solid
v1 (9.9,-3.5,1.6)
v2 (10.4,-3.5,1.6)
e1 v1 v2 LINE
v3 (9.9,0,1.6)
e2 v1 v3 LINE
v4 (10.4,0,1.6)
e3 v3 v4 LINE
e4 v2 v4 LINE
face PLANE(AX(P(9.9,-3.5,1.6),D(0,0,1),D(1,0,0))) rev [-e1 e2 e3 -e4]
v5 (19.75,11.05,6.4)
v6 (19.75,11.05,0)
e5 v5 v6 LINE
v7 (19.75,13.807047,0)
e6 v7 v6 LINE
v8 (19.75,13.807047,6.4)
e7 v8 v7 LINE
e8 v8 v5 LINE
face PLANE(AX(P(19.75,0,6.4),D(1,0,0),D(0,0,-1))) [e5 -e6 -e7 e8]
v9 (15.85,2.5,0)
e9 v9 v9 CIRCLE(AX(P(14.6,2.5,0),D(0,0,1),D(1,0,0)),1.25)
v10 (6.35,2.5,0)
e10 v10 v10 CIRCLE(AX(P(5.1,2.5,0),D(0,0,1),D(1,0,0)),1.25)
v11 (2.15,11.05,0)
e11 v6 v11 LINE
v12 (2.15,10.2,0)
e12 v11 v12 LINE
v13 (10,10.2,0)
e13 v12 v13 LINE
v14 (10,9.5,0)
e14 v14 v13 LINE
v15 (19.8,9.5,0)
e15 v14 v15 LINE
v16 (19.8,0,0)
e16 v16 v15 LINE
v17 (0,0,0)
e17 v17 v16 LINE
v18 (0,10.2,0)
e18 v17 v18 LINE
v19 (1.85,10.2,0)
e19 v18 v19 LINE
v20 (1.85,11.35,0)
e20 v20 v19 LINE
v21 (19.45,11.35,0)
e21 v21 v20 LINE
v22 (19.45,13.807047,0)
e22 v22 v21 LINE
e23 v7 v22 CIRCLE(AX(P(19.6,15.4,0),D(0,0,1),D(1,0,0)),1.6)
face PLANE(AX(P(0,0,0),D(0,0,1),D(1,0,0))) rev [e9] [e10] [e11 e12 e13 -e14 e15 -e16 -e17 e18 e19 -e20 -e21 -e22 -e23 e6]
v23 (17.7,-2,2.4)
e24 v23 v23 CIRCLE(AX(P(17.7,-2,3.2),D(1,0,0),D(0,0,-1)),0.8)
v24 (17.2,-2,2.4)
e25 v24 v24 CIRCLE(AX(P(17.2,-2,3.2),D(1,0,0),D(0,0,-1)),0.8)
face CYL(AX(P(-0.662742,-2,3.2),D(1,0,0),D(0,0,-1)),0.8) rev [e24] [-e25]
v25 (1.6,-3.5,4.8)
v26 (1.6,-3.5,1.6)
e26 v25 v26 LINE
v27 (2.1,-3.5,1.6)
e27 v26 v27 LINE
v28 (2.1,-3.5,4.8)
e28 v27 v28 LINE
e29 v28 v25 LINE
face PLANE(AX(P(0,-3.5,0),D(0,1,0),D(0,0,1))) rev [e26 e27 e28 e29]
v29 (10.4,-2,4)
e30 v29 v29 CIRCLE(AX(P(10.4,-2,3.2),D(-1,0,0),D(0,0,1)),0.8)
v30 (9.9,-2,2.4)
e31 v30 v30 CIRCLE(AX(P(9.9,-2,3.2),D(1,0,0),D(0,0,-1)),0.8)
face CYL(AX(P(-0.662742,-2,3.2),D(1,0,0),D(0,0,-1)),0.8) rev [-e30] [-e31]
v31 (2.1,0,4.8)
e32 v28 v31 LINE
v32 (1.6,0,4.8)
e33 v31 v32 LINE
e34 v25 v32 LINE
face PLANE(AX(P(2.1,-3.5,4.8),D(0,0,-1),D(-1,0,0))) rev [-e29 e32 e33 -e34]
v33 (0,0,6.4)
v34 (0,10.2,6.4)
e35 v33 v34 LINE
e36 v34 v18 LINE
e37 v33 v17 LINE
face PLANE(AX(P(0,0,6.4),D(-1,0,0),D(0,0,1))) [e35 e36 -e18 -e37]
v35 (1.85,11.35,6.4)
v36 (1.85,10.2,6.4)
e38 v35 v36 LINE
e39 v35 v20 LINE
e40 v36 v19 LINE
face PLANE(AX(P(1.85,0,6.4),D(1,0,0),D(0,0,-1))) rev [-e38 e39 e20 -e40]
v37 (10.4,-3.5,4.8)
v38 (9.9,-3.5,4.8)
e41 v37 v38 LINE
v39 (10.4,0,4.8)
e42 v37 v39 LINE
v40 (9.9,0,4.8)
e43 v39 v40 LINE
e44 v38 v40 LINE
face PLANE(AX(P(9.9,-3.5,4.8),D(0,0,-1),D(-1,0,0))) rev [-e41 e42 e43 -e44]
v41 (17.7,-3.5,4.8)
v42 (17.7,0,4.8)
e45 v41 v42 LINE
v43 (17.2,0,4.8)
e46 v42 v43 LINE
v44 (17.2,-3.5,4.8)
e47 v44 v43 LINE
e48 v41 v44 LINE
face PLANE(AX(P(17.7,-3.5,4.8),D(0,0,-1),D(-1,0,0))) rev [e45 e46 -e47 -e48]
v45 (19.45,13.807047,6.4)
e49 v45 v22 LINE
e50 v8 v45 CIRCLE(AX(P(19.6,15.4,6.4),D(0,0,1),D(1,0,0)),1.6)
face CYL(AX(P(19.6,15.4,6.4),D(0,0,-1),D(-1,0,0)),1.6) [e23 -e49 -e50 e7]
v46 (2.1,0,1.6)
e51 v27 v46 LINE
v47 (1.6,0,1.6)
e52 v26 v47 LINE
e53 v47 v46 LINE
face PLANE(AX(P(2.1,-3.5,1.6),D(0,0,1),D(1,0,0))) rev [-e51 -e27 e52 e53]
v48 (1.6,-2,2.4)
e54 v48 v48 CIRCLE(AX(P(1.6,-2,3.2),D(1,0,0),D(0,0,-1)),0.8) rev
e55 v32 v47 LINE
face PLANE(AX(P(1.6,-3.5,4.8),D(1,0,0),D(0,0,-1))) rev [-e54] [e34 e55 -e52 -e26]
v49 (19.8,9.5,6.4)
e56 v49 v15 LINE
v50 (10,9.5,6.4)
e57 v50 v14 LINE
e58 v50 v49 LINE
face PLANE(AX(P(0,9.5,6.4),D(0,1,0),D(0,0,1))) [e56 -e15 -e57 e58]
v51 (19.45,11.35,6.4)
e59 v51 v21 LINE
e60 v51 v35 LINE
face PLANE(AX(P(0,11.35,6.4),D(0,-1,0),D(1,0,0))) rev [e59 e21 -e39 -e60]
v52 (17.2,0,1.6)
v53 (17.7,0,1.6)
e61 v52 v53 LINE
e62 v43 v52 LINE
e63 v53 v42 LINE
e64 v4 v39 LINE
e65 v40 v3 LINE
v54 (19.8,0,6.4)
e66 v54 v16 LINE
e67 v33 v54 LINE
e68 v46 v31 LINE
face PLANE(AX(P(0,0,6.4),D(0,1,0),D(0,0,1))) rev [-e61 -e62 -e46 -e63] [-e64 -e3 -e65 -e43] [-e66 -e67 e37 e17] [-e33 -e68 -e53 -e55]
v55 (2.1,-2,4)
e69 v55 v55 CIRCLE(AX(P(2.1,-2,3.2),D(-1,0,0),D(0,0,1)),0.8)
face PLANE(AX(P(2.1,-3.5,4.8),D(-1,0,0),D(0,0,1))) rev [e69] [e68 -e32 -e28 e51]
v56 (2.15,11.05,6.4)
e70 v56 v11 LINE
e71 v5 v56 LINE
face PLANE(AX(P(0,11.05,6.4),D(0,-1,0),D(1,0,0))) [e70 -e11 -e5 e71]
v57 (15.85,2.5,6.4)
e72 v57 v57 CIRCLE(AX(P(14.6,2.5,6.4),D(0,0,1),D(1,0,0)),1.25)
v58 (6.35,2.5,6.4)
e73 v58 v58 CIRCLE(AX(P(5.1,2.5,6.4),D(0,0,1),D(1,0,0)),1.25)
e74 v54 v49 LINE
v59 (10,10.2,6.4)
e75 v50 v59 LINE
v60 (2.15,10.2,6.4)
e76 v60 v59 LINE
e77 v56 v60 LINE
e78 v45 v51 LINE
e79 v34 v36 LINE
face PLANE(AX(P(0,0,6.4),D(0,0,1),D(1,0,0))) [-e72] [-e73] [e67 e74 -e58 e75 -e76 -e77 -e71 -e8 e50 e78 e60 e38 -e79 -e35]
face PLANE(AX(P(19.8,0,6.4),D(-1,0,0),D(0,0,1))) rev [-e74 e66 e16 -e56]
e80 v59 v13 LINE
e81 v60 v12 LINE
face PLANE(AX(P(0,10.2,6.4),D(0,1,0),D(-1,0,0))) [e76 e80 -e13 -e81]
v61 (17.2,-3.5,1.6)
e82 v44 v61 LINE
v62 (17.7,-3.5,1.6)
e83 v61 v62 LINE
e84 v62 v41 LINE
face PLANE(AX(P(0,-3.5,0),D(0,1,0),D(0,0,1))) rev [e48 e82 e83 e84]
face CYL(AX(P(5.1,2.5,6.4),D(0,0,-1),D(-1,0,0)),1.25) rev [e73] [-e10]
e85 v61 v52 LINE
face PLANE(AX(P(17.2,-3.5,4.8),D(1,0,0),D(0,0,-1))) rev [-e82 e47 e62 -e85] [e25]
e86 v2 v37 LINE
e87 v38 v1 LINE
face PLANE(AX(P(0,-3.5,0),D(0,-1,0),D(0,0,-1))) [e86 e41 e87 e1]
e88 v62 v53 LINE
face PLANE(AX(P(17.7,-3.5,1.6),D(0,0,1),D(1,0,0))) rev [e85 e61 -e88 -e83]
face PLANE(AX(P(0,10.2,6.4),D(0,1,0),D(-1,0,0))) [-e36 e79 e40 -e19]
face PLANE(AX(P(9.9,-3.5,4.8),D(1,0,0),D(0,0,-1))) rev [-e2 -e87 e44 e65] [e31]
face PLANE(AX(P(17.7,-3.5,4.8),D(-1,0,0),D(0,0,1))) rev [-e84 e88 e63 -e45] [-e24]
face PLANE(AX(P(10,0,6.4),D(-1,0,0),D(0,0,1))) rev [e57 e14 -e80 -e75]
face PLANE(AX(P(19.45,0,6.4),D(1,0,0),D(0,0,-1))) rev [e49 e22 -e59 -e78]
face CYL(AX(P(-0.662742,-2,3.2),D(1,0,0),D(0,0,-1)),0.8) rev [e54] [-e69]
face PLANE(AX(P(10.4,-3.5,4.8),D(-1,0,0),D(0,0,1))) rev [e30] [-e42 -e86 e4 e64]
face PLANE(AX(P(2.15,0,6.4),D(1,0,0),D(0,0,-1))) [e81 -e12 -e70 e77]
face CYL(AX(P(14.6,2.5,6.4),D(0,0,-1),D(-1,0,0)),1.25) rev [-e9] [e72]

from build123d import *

# Parameters (mm, degrees)
SKETCH1_R           = 1.25
BOSS_EXTRUDE1_DEPTH = 6.4
SKETCH2_W           = 0.5
SKETCH2_H           = 3.2
BOSS_EXTRUDE2_DEPTH = 3.5
CUT_EXTRUDE1_REACH  = 27.362
SKETCH3_R           = 0.8


with BuildPart() as part:
    # Sketch1 → Boss-Extrude1 (new body)
    with BuildSketch(Plane.XY):
        with BuildLine():
            Line((0, 0), (19.8, 0))
            Line((19.8, 0), (19.8, 9.5))
            Line((19.8, 9.5), (10, 9.5))
            Line((10, 9.5), (10, 10.2))
            Line((10, 10.2), (2.15, 10.2))
            Line((2.15, 10.2), (2.15, 11.05))
            Line((2.15, 11.05), (19.75, 11.05))
            Line((19.75, 11.05), (19.75, 13.807046768))
            ThreePointArc((19.75, 13.807046768), (19.6, 17), (19.45, 13.807046768))
            Line((19.45, 13.807046768), (19.45, 11.35))
            Line((19.45, 11.35), (1.85, 11.35))
            Line((1.85, 11.35), (1.85, 10.2))
            Line((1.85, 10.2), (0, 10.2))
            Line((0, 10.2), (0, 4.415474079))
            Line((0, 4.415474079), (0, 0))
        make_face()
        with Locations((14.6, 2.5)):
            Circle(SKETCH1_R, mode=Mode.SUBTRACT)
        with Locations((5.1, 2.5)):
            Circle(SKETCH1_R, mode=Mode.SUBTRACT)
    extrude(amount=BOSS_EXTRUDE1_DEPTH)

    # Sketch2 → Boss-Extrude2 (add)
    with BuildSketch(Plane.XZ):
        with Locations((1.85, 3.2)):
            Rectangle(SKETCH2_W, SKETCH2_H)
        with Locations((10.15, 3.2)):
            Rectangle(SKETCH2_W, SKETCH2_H)
        with Locations((17.45, 3.2)):
            Rectangle(SKETCH2_W, SKETCH2_H)
    extrude(amount=BOSS_EXTRUDE2_DEPTH)

    # Cut-Extrude1: up to this face of the body (flat: up to its plane)
    cut_extrude1_end = Plane(part.part.faces().sort_by_distance((1.6, -1.75, 3.2))[0])
    # Sketch3 → Cut-Extrude1 (cut, up to the picked face)
    with BuildSketch(Plane(origin=(17.7, 0, 0), x_dir=(0, 0, -1), z_dir=(1, 0, 0)), mode=Mode.PRIVATE) as cut_extrude1_sk1:
        with Locations((-3.2, -2)):
            Circle(SKETCH3_R)
    cut_extrude1_tool1 = split(extrude(cut_extrude1_sk1.sketch, amount=-CUT_EXTRUDE1_REACH, mode=Mode.PRIVATE), bisect_by=cut_extrude1_end, keep=Keep.BOTH, mode=Mode.PRIVATE)
    add(cut_extrude1_tool1.solids().sort_by(Axis((17.7, -2, 3.2), (-1, 0, 0)))[0], mode=Mode.SUBTRACT)


solid = part.part
